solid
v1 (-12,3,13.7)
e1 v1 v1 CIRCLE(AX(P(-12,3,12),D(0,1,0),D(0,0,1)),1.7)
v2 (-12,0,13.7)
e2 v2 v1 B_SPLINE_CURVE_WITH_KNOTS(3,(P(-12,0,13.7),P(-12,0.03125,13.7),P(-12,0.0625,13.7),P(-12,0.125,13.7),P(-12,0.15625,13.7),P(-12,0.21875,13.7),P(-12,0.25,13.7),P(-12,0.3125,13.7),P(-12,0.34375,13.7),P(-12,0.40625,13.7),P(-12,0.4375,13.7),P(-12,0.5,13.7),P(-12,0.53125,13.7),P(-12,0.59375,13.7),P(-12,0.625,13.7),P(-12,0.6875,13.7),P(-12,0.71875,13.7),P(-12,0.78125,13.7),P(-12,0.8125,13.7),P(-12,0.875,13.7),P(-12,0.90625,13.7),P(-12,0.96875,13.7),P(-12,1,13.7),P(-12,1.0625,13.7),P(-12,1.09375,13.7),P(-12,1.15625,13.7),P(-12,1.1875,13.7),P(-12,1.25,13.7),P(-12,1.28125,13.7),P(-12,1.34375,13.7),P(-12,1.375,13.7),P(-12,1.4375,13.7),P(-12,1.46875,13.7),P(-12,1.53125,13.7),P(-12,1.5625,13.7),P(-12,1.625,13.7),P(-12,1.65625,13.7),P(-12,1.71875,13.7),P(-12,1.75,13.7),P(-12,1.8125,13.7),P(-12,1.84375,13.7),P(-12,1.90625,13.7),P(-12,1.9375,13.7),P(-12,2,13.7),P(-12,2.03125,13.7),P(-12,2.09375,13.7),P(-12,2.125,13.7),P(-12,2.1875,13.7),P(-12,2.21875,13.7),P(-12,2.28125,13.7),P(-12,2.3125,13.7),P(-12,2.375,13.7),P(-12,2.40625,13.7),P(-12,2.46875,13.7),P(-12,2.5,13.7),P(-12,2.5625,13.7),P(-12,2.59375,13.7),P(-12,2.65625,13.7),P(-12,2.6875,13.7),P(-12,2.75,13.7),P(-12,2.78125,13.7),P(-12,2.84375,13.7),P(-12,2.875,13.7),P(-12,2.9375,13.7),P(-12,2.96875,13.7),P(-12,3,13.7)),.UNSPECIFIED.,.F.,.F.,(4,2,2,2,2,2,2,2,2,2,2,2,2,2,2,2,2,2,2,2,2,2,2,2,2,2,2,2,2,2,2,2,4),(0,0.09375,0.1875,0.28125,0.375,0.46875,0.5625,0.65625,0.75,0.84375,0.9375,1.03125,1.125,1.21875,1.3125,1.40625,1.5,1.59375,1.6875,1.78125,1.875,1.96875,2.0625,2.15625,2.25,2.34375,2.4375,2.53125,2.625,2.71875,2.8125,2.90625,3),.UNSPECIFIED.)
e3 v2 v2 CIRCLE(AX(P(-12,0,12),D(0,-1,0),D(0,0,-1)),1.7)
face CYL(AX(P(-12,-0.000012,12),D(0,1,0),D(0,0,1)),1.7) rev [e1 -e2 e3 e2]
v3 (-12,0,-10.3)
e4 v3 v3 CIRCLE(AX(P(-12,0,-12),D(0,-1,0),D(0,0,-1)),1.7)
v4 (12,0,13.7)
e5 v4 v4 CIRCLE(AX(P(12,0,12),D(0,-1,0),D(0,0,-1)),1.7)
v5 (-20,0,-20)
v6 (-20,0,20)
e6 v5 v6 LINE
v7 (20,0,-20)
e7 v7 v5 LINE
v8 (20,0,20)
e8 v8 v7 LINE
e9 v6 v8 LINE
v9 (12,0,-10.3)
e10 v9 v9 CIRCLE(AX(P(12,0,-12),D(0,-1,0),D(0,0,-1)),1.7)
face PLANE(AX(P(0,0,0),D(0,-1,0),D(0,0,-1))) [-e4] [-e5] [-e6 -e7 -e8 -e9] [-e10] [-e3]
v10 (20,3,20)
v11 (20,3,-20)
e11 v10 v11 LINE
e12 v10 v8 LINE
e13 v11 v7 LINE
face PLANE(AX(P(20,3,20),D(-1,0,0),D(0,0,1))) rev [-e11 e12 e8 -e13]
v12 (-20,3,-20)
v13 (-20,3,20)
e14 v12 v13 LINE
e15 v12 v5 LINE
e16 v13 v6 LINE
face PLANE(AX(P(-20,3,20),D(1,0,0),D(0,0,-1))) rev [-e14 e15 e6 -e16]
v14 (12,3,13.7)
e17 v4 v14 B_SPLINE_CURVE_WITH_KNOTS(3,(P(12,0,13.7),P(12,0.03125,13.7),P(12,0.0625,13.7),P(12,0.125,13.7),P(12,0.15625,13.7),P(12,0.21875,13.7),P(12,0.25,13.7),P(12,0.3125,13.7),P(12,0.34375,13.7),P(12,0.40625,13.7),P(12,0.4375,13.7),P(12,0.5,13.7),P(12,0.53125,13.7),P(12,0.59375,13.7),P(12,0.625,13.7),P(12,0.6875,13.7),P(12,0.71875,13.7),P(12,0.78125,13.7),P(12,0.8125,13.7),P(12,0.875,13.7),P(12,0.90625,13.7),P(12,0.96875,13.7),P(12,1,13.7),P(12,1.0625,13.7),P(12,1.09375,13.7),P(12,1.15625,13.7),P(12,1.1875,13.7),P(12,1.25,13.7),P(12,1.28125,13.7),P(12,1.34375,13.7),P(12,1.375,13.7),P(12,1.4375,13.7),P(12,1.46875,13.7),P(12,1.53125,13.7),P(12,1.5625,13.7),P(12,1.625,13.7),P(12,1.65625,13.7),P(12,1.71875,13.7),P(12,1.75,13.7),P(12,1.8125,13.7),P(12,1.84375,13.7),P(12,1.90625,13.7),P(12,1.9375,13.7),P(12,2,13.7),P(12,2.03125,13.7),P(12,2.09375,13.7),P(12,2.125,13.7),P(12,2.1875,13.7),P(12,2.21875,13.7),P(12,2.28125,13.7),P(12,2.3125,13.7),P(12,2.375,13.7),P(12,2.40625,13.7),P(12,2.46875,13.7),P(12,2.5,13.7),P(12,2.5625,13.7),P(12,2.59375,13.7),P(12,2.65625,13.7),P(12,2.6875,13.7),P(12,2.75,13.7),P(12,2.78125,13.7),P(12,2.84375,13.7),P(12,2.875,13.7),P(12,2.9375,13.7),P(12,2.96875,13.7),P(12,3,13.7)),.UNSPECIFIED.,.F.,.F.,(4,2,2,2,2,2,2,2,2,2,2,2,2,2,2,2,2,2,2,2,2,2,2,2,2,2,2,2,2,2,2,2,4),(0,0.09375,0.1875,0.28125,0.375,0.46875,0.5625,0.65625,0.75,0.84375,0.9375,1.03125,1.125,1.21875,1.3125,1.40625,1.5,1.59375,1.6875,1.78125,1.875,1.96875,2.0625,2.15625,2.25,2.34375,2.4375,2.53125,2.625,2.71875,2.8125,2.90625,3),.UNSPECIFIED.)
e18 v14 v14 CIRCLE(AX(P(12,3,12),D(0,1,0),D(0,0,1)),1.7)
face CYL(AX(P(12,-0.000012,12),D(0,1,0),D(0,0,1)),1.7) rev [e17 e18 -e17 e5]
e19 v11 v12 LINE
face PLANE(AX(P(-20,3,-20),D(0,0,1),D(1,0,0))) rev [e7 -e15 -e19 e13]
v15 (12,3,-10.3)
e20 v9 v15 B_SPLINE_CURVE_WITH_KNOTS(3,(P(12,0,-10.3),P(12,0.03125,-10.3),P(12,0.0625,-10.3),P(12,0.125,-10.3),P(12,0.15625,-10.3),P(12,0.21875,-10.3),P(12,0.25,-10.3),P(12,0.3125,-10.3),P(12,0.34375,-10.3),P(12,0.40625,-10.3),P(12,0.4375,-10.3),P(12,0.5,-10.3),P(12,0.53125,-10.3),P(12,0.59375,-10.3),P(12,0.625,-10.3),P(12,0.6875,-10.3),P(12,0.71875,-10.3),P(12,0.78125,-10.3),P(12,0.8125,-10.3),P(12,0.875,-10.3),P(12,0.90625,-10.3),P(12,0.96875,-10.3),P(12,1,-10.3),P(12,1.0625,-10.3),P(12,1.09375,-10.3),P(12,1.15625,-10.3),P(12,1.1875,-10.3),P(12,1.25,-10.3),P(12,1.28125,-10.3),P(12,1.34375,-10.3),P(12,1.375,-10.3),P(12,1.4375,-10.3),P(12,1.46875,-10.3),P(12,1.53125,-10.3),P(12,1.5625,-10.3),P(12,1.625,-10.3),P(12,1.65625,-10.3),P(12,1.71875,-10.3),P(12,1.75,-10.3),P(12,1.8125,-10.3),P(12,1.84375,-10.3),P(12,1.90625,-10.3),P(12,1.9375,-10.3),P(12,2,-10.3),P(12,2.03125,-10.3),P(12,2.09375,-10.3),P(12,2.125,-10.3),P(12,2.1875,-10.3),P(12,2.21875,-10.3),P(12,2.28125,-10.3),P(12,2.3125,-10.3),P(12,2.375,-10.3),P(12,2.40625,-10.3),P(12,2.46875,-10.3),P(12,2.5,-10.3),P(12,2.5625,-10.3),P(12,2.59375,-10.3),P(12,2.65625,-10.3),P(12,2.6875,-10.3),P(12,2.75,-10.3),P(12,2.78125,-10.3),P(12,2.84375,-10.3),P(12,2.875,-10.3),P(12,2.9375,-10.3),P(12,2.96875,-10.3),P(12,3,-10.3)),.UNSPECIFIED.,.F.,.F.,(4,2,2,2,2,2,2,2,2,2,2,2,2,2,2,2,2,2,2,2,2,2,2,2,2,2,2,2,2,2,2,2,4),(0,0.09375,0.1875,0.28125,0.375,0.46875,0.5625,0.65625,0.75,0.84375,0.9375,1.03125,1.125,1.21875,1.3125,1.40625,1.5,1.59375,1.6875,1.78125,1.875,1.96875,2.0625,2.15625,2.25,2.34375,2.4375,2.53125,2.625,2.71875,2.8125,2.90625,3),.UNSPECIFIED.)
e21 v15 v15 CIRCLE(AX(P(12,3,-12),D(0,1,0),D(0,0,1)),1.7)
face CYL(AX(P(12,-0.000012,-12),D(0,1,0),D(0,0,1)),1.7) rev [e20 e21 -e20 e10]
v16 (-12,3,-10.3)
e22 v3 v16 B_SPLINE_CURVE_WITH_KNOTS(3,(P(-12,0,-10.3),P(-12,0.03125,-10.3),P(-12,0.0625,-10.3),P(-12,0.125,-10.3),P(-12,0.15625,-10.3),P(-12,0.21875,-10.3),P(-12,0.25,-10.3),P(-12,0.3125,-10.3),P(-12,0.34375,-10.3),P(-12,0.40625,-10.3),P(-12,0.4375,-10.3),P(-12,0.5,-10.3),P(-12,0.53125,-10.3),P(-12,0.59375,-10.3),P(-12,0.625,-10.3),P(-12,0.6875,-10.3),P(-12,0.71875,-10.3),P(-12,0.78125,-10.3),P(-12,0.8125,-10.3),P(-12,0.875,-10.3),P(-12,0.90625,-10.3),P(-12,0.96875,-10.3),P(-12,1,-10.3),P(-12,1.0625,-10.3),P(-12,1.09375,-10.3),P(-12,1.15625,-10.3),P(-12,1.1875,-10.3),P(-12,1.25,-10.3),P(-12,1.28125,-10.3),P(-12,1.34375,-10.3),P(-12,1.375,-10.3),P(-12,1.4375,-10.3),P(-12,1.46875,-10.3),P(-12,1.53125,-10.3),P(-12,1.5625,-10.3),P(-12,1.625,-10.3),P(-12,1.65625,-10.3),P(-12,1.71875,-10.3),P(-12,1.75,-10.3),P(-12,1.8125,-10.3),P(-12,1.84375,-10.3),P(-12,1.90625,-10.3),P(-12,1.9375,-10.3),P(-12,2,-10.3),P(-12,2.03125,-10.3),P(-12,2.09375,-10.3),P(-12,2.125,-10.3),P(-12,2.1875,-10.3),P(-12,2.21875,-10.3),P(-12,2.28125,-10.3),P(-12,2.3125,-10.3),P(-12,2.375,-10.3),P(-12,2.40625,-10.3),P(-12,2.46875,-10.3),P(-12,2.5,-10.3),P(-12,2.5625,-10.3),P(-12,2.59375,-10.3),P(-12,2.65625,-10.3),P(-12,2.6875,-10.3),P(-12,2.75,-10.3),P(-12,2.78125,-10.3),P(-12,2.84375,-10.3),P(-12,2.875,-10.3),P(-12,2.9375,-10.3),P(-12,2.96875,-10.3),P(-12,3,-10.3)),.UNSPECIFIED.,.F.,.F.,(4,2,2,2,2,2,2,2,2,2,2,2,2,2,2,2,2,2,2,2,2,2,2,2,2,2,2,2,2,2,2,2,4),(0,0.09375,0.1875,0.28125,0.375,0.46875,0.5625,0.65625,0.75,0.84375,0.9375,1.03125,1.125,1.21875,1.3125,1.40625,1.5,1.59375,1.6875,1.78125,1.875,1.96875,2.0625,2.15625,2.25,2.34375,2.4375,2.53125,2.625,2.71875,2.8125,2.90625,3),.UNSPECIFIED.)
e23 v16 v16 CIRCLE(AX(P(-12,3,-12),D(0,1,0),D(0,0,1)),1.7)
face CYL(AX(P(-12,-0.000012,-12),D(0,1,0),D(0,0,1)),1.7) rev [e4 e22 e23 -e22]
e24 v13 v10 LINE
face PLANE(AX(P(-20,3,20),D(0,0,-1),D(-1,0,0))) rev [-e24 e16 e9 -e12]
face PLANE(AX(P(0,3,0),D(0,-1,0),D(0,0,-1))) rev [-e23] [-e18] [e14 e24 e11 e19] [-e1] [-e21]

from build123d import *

# Parameters (mm, degrees)
SKETCH1_W             = 40
SKETCH1_H             = 40
CROSS_JOINER_DEPTH    = 3
BOLT_HOLES_DEPTH      = 29.442925307
BOLT_HOLES_DEPTH_BACK = 29.442925307
SKETCH2_R             = 1.7


with BuildPart() as part:
    # Sketch1 → Cross Joiner (new body)
    with BuildSketch(Plane(origin=(0, 0, 0), x_dir=(1, 0, 0), z_dir=(0, 1, 0))):
        Rectangle(SKETCH1_W, SKETCH1_H)
    extrude(amount=CROSS_JOINER_DEPTH)

    # Sketch2 → Bolt Holes (cut, two sides: drawn at the far end of the back side and taken through both)
    with BuildSketch(Plane(origin=(0, 0, 0), x_dir=(1, 0, 0), z_dir=(0, 1, 0)).offset(-BOLT_HOLES_DEPTH_BACK)):
        with Locations(Location((-12, -12, 0), (0, 0, 270))):
            Circle(SKETCH2_R)
        with Locations(Location((-12, 12, 0), (0, 0, 270))):
            Circle(SKETCH2_R)
        with Locations(Location((12, -12, 0), (0, 0, 270))):
            Circle(SKETCH2_R)
        with Locations(Location((12, 12, 0), (0, 0, 270))):
            Circle(SKETCH2_R)
    extrude(amount=BOLT_HOLES_DEPTH + BOLT_HOLES_DEPTH_BACK, mode=Mode.SUBTRACT)


solid = part.part
